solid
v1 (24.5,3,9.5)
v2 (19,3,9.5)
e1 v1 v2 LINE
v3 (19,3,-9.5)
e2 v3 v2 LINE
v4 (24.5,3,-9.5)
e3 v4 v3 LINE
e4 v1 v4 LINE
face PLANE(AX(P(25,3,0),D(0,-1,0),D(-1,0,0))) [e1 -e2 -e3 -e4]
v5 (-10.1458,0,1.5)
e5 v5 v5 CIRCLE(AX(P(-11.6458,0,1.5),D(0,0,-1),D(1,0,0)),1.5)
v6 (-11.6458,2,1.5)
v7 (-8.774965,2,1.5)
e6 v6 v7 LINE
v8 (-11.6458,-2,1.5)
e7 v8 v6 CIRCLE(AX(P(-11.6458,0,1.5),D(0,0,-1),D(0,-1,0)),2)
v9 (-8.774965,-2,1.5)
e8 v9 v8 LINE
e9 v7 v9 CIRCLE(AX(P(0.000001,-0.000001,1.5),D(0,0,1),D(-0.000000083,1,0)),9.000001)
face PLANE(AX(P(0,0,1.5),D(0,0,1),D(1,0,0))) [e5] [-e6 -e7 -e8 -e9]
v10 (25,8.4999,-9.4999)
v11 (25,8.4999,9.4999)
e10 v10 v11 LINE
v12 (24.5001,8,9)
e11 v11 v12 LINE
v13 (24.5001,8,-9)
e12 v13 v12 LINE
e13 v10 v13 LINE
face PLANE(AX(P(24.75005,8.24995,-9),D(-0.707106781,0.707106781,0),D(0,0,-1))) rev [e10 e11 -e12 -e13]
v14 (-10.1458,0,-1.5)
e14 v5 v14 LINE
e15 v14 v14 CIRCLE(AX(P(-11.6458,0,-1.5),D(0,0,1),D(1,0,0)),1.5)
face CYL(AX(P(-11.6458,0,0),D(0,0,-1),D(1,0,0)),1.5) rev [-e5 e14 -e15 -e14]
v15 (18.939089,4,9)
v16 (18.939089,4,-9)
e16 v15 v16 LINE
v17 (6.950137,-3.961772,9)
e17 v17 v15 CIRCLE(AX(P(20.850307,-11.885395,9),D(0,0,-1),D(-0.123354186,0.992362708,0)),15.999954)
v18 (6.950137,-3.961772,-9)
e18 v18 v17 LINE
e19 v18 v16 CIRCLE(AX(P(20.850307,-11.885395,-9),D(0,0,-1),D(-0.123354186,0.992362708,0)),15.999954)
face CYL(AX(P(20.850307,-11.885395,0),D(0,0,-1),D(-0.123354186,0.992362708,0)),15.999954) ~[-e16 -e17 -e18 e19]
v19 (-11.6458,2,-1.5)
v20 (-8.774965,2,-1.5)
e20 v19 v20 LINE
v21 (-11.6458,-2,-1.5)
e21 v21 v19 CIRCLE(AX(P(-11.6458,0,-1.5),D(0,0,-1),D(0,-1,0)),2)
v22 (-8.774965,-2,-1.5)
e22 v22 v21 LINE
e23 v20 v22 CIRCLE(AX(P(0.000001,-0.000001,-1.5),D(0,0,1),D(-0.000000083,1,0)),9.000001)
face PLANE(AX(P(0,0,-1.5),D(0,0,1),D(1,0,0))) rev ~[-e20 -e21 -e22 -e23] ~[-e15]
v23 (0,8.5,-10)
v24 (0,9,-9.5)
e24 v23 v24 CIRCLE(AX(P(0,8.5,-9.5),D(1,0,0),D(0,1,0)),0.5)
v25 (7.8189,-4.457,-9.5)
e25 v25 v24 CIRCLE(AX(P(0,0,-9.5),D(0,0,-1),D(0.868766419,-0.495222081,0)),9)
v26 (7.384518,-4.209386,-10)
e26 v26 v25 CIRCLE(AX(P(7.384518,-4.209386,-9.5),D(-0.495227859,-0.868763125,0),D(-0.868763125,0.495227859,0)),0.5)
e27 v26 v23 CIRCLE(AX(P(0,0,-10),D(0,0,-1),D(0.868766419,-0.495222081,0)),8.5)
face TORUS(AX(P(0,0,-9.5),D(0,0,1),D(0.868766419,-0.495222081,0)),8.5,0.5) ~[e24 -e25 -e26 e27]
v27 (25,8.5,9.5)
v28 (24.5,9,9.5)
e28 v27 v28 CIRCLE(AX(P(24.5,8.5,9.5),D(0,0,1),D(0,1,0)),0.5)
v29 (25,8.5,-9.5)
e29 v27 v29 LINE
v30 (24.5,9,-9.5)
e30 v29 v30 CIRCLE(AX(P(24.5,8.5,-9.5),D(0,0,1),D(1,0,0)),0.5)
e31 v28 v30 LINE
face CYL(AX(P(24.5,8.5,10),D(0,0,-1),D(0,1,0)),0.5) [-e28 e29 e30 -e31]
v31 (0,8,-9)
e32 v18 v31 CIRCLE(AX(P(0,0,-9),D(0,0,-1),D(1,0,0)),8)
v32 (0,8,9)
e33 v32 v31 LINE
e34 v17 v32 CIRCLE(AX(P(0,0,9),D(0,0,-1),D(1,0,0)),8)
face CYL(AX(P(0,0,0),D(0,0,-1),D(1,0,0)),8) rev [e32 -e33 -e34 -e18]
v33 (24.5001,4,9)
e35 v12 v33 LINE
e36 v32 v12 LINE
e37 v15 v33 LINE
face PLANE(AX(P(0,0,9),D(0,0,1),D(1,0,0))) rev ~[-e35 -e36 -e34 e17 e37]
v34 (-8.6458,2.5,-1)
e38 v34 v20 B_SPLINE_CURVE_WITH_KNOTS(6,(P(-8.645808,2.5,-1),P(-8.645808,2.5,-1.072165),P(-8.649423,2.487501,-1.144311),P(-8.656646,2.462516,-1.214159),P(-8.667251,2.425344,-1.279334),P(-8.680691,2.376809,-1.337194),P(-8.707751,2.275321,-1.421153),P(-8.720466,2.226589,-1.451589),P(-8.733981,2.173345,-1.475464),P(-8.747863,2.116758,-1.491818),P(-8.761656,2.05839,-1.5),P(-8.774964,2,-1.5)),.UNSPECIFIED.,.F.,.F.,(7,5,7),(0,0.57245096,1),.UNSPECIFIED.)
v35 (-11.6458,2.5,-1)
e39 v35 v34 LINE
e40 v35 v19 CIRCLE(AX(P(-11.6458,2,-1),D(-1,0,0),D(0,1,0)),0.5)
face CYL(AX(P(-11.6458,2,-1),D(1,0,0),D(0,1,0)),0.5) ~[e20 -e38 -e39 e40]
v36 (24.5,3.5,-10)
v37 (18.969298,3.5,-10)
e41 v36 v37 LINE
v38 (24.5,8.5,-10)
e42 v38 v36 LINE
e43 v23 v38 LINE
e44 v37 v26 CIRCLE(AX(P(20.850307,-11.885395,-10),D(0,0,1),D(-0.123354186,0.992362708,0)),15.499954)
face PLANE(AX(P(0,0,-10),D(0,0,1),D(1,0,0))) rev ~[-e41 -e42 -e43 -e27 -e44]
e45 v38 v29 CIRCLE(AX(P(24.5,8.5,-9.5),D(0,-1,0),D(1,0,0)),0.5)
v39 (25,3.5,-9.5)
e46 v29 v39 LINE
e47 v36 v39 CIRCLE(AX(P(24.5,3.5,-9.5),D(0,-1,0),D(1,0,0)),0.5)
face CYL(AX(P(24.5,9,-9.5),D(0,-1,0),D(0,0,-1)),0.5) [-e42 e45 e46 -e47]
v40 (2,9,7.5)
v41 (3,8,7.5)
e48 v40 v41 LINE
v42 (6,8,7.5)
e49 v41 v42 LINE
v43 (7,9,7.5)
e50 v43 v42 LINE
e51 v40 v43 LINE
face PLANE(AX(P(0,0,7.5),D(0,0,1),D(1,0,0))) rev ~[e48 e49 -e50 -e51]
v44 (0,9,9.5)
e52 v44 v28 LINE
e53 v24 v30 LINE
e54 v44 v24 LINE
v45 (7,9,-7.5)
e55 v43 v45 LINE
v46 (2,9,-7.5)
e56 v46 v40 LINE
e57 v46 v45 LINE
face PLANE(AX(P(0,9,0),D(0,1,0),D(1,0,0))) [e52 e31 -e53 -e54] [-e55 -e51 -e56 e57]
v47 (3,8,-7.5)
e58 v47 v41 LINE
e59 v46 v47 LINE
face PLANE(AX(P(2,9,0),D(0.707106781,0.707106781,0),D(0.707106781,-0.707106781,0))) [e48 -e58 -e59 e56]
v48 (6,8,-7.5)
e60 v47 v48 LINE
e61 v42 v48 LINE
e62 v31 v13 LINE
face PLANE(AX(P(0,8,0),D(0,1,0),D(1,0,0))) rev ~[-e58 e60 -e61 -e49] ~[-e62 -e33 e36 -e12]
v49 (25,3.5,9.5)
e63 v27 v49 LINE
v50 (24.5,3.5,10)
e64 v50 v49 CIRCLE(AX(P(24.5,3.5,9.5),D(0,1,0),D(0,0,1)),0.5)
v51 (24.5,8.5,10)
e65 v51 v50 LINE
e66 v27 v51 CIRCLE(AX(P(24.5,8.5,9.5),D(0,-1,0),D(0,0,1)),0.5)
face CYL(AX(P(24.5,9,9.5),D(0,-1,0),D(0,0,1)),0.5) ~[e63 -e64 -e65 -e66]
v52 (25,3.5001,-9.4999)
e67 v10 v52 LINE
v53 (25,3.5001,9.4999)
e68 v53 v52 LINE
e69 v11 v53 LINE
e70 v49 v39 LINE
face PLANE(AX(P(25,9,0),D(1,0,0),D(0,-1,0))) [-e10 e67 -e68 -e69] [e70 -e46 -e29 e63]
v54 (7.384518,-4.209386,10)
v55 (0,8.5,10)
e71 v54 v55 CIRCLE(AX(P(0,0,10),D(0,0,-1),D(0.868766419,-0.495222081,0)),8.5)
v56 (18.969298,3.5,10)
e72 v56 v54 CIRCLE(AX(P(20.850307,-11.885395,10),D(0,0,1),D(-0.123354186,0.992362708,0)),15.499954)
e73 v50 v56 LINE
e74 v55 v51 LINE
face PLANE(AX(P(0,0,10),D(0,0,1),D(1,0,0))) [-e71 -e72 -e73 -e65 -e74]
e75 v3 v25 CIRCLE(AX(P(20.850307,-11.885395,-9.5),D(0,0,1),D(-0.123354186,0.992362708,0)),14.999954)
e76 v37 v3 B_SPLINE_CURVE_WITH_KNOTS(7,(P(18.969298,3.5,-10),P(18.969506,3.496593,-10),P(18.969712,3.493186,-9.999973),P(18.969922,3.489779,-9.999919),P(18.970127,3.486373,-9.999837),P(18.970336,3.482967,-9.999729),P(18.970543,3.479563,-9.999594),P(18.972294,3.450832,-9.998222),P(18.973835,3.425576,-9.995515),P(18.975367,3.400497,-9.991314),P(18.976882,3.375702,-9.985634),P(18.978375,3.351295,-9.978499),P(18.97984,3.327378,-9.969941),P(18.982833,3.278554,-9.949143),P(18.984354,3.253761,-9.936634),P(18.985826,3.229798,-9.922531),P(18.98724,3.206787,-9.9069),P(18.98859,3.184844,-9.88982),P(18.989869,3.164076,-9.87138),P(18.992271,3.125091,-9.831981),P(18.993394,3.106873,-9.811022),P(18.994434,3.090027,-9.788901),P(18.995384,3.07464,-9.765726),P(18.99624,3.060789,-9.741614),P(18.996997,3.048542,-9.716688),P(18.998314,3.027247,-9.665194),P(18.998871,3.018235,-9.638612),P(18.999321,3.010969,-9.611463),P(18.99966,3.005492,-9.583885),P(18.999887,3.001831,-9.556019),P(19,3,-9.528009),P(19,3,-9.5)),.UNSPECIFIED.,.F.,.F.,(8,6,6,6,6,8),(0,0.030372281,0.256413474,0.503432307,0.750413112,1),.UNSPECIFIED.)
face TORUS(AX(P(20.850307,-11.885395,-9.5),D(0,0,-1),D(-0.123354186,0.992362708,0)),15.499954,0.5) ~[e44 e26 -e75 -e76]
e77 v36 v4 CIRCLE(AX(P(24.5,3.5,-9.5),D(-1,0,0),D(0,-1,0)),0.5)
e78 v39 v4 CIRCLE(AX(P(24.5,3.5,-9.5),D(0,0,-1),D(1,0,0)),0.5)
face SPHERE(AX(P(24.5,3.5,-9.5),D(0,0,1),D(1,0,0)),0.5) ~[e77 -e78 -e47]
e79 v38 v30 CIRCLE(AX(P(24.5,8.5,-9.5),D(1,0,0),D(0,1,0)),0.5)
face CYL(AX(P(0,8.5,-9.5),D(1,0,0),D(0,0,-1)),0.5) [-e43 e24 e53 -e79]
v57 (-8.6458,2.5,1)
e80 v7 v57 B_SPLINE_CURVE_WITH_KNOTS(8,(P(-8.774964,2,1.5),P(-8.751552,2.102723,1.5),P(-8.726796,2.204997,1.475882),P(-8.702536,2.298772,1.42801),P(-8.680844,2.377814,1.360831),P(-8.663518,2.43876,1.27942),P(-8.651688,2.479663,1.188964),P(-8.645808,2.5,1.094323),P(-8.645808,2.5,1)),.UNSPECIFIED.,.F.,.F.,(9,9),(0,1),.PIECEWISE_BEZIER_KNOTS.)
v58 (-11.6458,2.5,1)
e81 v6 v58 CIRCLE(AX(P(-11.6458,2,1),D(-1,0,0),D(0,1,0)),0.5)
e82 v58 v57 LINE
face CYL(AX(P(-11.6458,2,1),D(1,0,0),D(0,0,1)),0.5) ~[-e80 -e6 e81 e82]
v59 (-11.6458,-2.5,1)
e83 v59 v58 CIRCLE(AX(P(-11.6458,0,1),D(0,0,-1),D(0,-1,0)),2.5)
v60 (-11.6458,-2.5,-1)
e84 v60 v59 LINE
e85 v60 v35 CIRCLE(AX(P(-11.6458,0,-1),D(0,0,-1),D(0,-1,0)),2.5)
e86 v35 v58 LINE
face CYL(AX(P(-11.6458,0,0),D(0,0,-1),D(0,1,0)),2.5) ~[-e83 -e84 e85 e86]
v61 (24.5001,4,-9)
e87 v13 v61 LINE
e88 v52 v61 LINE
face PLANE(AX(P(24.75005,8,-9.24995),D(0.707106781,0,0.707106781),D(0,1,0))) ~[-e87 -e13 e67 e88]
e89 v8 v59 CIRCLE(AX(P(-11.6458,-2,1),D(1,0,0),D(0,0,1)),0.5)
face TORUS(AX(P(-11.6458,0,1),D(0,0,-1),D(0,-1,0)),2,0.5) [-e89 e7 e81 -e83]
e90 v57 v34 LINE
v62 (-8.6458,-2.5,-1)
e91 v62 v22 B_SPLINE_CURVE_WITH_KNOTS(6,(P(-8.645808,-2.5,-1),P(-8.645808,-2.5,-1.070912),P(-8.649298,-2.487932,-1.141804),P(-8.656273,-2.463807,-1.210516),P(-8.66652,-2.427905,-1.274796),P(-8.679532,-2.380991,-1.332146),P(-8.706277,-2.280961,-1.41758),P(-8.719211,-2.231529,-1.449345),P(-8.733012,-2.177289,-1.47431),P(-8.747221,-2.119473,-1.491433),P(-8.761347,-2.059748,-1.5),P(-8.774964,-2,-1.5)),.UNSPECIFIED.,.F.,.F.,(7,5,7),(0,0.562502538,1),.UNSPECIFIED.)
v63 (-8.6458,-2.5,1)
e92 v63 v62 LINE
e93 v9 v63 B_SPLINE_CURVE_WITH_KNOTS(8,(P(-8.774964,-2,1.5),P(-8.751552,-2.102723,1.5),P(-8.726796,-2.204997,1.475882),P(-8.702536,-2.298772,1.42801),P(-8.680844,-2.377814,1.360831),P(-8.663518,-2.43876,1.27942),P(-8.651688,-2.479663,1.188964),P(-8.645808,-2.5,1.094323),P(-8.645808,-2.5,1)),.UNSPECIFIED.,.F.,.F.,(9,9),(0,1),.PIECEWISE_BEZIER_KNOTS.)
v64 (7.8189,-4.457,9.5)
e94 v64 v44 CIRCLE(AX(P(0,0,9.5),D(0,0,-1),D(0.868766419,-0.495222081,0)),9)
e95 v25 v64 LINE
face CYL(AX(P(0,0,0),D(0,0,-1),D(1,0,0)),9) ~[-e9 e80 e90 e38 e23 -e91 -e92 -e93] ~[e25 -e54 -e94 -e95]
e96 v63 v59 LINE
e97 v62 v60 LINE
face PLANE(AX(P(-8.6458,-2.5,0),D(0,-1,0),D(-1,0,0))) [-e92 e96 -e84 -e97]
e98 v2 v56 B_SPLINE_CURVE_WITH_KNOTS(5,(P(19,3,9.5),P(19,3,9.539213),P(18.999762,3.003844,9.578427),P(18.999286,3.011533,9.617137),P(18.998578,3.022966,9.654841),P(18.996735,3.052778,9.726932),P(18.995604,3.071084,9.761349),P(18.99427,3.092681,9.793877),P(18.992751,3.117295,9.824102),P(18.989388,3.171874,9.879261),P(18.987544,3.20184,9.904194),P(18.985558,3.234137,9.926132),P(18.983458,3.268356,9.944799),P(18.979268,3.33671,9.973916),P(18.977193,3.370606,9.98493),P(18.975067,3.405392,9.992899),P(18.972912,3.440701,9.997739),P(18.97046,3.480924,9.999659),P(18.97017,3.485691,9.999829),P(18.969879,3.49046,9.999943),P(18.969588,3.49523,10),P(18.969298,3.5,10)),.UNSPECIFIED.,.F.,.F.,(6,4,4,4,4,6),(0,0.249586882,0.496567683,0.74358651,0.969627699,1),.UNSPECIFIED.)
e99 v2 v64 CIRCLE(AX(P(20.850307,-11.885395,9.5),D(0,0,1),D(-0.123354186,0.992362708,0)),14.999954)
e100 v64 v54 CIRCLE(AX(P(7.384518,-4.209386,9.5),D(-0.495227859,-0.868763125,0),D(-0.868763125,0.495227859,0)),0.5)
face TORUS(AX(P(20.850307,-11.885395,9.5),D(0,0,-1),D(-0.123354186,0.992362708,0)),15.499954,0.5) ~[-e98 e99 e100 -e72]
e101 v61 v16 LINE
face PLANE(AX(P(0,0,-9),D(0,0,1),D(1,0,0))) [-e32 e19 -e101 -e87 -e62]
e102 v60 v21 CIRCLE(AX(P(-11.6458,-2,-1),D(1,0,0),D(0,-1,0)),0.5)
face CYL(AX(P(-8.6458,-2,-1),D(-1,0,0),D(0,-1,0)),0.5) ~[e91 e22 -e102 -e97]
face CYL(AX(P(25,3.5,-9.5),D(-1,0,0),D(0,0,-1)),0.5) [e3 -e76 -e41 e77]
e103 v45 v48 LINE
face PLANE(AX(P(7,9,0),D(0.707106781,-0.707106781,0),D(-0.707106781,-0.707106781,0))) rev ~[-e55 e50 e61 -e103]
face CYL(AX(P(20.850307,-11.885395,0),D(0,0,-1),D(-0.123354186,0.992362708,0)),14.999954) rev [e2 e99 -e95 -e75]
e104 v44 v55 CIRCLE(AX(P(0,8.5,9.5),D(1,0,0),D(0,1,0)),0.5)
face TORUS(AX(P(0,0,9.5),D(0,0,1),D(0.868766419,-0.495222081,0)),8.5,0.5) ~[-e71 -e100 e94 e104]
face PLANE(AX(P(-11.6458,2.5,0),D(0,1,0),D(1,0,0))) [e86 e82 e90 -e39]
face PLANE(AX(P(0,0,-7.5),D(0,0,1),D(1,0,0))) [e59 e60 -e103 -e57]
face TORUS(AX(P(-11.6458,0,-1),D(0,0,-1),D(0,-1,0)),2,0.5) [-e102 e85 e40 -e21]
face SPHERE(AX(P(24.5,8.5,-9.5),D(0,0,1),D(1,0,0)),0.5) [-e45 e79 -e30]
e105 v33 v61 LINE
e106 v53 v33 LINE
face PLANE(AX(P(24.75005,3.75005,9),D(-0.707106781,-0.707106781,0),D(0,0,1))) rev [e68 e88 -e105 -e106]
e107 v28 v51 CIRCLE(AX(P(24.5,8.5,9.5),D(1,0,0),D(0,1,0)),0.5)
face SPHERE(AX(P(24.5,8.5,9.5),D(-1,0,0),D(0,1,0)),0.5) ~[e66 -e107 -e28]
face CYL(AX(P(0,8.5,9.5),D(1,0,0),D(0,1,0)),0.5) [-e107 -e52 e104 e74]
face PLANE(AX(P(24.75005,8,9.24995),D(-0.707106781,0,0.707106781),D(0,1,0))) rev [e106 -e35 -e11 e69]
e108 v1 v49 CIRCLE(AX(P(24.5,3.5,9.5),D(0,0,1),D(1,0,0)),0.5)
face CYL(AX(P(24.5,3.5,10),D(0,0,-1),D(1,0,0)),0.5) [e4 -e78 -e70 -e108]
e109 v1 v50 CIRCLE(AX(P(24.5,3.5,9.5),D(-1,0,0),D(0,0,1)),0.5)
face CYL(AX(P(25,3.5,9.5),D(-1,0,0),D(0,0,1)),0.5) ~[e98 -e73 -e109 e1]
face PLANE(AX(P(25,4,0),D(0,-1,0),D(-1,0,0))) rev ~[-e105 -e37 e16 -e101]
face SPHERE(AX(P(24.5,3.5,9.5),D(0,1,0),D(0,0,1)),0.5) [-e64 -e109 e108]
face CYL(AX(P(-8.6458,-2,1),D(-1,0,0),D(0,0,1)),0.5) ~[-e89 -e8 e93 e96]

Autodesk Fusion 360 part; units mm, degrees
sketch "Sketch1" plane through (0, 0, 0) normal (0, 0, 1) x (1, 0, 0)
  circle A0 centre (0, 0) radius 9
  line L0 (0, 9) -> (25, 9)
  line L1 (25, 9) -> (25, 3)
  line L2 (25, 3) -> (19, 3)
  arc A1 (19, 3) -> (7.8189, -4.457) centre (20.8503, -11.8854) ccw
  dimension "d1" = 18
  dimension "d2" = 25
  dimension "d3" = 6
  dimension "d4" = 6
  dimension "d5" = 15
extrude "Extrude1" add sketch "Sketch1" along normal mid plane 20
shell "Shell1" thickness 1 removed faces 1 at (25, 7, 3.3333)
sketch "Sketch2" plane through (0, 0, 0) normal (0, 0, 1) x (1, 0, 0)
  line L0 (0, 9) -> (25, 9)
  line L1 (0, 8) -> (25, 8)
  line L2 (2, 9) -> (3, 8)
  line L3 (2, 9) -> (1.4972, 9) construction
  line L4 (7, 9) -> (6, 8)
  line L5 (7, 9) -> (6.4972, 9) construction
  dimension "d9" = 45
  dimension "d10" = 135
  dimension "d11" = 3
  dimension "d12" = 2
extrude "Extrude2" cut sketch "Sketch2" along normal mid plane 15
sketch "Sketch3" plane through (0, 0, 0) normal (0, 0, 1) x (1, 0, 0)
  line L0 (-11.6458, 2.5) -> (-8.6458, 2.5)
  line L1 (-8.6458, 2.5) -> (-8.6458, -2.5)
  line L2 (-8.6458, -2.5) -> (-11.6458, -2.5)
  line L3 (-11.6458, -2.5) -> (-11.6458, 2.5)
  arc A0 (0, 9) -> (7.8189, -4.457) centre (0, 0) ccw
  arc A1 (-11.6458, 2.5) -> (-11.6458, -2.5) centre (-11.6458, 0) ccw
  circle A2 centre (-11.6458, 0) radius 1.5
  dimension "d15" = 3
  dimension "d16" = 5
  dimension "d17" = 3
extrude "Extrude3" add sketch "Sketch3" along normal mid plane 3 contours L0 L2 L3 A0 A2 | L3 A1 A2
fillet "Fillet1" radius 0.5 18 edges at (12.5, 9, 10) (-7.7818, -4.5214, 10) (12.5275, 0.5938, 10) (25, 9, 0) (25, 6, 10) (22, 3, 10) (25, 3, 0) (25, 6, -10) (12.5275, 0.5938, -10) (-7.7818, -4.5214, -10) (12.5, 9, -10) (22, 3, -10) (-10.1458, 2.5, 1.5) (-14.1458, 0, 1.5) (-10.1458, -2.5, 1.5) (-10.1458, -2.5, -1.5) (-14.1458, 0, -1.5) (-10.1458, 2.5, -1.5)
chamfer "Chamfer1" distance 0.5 angle 45 4 edges at (25, 4, 0) (25, 6, -9) (25, 8, 0) (25, 6, 9)
